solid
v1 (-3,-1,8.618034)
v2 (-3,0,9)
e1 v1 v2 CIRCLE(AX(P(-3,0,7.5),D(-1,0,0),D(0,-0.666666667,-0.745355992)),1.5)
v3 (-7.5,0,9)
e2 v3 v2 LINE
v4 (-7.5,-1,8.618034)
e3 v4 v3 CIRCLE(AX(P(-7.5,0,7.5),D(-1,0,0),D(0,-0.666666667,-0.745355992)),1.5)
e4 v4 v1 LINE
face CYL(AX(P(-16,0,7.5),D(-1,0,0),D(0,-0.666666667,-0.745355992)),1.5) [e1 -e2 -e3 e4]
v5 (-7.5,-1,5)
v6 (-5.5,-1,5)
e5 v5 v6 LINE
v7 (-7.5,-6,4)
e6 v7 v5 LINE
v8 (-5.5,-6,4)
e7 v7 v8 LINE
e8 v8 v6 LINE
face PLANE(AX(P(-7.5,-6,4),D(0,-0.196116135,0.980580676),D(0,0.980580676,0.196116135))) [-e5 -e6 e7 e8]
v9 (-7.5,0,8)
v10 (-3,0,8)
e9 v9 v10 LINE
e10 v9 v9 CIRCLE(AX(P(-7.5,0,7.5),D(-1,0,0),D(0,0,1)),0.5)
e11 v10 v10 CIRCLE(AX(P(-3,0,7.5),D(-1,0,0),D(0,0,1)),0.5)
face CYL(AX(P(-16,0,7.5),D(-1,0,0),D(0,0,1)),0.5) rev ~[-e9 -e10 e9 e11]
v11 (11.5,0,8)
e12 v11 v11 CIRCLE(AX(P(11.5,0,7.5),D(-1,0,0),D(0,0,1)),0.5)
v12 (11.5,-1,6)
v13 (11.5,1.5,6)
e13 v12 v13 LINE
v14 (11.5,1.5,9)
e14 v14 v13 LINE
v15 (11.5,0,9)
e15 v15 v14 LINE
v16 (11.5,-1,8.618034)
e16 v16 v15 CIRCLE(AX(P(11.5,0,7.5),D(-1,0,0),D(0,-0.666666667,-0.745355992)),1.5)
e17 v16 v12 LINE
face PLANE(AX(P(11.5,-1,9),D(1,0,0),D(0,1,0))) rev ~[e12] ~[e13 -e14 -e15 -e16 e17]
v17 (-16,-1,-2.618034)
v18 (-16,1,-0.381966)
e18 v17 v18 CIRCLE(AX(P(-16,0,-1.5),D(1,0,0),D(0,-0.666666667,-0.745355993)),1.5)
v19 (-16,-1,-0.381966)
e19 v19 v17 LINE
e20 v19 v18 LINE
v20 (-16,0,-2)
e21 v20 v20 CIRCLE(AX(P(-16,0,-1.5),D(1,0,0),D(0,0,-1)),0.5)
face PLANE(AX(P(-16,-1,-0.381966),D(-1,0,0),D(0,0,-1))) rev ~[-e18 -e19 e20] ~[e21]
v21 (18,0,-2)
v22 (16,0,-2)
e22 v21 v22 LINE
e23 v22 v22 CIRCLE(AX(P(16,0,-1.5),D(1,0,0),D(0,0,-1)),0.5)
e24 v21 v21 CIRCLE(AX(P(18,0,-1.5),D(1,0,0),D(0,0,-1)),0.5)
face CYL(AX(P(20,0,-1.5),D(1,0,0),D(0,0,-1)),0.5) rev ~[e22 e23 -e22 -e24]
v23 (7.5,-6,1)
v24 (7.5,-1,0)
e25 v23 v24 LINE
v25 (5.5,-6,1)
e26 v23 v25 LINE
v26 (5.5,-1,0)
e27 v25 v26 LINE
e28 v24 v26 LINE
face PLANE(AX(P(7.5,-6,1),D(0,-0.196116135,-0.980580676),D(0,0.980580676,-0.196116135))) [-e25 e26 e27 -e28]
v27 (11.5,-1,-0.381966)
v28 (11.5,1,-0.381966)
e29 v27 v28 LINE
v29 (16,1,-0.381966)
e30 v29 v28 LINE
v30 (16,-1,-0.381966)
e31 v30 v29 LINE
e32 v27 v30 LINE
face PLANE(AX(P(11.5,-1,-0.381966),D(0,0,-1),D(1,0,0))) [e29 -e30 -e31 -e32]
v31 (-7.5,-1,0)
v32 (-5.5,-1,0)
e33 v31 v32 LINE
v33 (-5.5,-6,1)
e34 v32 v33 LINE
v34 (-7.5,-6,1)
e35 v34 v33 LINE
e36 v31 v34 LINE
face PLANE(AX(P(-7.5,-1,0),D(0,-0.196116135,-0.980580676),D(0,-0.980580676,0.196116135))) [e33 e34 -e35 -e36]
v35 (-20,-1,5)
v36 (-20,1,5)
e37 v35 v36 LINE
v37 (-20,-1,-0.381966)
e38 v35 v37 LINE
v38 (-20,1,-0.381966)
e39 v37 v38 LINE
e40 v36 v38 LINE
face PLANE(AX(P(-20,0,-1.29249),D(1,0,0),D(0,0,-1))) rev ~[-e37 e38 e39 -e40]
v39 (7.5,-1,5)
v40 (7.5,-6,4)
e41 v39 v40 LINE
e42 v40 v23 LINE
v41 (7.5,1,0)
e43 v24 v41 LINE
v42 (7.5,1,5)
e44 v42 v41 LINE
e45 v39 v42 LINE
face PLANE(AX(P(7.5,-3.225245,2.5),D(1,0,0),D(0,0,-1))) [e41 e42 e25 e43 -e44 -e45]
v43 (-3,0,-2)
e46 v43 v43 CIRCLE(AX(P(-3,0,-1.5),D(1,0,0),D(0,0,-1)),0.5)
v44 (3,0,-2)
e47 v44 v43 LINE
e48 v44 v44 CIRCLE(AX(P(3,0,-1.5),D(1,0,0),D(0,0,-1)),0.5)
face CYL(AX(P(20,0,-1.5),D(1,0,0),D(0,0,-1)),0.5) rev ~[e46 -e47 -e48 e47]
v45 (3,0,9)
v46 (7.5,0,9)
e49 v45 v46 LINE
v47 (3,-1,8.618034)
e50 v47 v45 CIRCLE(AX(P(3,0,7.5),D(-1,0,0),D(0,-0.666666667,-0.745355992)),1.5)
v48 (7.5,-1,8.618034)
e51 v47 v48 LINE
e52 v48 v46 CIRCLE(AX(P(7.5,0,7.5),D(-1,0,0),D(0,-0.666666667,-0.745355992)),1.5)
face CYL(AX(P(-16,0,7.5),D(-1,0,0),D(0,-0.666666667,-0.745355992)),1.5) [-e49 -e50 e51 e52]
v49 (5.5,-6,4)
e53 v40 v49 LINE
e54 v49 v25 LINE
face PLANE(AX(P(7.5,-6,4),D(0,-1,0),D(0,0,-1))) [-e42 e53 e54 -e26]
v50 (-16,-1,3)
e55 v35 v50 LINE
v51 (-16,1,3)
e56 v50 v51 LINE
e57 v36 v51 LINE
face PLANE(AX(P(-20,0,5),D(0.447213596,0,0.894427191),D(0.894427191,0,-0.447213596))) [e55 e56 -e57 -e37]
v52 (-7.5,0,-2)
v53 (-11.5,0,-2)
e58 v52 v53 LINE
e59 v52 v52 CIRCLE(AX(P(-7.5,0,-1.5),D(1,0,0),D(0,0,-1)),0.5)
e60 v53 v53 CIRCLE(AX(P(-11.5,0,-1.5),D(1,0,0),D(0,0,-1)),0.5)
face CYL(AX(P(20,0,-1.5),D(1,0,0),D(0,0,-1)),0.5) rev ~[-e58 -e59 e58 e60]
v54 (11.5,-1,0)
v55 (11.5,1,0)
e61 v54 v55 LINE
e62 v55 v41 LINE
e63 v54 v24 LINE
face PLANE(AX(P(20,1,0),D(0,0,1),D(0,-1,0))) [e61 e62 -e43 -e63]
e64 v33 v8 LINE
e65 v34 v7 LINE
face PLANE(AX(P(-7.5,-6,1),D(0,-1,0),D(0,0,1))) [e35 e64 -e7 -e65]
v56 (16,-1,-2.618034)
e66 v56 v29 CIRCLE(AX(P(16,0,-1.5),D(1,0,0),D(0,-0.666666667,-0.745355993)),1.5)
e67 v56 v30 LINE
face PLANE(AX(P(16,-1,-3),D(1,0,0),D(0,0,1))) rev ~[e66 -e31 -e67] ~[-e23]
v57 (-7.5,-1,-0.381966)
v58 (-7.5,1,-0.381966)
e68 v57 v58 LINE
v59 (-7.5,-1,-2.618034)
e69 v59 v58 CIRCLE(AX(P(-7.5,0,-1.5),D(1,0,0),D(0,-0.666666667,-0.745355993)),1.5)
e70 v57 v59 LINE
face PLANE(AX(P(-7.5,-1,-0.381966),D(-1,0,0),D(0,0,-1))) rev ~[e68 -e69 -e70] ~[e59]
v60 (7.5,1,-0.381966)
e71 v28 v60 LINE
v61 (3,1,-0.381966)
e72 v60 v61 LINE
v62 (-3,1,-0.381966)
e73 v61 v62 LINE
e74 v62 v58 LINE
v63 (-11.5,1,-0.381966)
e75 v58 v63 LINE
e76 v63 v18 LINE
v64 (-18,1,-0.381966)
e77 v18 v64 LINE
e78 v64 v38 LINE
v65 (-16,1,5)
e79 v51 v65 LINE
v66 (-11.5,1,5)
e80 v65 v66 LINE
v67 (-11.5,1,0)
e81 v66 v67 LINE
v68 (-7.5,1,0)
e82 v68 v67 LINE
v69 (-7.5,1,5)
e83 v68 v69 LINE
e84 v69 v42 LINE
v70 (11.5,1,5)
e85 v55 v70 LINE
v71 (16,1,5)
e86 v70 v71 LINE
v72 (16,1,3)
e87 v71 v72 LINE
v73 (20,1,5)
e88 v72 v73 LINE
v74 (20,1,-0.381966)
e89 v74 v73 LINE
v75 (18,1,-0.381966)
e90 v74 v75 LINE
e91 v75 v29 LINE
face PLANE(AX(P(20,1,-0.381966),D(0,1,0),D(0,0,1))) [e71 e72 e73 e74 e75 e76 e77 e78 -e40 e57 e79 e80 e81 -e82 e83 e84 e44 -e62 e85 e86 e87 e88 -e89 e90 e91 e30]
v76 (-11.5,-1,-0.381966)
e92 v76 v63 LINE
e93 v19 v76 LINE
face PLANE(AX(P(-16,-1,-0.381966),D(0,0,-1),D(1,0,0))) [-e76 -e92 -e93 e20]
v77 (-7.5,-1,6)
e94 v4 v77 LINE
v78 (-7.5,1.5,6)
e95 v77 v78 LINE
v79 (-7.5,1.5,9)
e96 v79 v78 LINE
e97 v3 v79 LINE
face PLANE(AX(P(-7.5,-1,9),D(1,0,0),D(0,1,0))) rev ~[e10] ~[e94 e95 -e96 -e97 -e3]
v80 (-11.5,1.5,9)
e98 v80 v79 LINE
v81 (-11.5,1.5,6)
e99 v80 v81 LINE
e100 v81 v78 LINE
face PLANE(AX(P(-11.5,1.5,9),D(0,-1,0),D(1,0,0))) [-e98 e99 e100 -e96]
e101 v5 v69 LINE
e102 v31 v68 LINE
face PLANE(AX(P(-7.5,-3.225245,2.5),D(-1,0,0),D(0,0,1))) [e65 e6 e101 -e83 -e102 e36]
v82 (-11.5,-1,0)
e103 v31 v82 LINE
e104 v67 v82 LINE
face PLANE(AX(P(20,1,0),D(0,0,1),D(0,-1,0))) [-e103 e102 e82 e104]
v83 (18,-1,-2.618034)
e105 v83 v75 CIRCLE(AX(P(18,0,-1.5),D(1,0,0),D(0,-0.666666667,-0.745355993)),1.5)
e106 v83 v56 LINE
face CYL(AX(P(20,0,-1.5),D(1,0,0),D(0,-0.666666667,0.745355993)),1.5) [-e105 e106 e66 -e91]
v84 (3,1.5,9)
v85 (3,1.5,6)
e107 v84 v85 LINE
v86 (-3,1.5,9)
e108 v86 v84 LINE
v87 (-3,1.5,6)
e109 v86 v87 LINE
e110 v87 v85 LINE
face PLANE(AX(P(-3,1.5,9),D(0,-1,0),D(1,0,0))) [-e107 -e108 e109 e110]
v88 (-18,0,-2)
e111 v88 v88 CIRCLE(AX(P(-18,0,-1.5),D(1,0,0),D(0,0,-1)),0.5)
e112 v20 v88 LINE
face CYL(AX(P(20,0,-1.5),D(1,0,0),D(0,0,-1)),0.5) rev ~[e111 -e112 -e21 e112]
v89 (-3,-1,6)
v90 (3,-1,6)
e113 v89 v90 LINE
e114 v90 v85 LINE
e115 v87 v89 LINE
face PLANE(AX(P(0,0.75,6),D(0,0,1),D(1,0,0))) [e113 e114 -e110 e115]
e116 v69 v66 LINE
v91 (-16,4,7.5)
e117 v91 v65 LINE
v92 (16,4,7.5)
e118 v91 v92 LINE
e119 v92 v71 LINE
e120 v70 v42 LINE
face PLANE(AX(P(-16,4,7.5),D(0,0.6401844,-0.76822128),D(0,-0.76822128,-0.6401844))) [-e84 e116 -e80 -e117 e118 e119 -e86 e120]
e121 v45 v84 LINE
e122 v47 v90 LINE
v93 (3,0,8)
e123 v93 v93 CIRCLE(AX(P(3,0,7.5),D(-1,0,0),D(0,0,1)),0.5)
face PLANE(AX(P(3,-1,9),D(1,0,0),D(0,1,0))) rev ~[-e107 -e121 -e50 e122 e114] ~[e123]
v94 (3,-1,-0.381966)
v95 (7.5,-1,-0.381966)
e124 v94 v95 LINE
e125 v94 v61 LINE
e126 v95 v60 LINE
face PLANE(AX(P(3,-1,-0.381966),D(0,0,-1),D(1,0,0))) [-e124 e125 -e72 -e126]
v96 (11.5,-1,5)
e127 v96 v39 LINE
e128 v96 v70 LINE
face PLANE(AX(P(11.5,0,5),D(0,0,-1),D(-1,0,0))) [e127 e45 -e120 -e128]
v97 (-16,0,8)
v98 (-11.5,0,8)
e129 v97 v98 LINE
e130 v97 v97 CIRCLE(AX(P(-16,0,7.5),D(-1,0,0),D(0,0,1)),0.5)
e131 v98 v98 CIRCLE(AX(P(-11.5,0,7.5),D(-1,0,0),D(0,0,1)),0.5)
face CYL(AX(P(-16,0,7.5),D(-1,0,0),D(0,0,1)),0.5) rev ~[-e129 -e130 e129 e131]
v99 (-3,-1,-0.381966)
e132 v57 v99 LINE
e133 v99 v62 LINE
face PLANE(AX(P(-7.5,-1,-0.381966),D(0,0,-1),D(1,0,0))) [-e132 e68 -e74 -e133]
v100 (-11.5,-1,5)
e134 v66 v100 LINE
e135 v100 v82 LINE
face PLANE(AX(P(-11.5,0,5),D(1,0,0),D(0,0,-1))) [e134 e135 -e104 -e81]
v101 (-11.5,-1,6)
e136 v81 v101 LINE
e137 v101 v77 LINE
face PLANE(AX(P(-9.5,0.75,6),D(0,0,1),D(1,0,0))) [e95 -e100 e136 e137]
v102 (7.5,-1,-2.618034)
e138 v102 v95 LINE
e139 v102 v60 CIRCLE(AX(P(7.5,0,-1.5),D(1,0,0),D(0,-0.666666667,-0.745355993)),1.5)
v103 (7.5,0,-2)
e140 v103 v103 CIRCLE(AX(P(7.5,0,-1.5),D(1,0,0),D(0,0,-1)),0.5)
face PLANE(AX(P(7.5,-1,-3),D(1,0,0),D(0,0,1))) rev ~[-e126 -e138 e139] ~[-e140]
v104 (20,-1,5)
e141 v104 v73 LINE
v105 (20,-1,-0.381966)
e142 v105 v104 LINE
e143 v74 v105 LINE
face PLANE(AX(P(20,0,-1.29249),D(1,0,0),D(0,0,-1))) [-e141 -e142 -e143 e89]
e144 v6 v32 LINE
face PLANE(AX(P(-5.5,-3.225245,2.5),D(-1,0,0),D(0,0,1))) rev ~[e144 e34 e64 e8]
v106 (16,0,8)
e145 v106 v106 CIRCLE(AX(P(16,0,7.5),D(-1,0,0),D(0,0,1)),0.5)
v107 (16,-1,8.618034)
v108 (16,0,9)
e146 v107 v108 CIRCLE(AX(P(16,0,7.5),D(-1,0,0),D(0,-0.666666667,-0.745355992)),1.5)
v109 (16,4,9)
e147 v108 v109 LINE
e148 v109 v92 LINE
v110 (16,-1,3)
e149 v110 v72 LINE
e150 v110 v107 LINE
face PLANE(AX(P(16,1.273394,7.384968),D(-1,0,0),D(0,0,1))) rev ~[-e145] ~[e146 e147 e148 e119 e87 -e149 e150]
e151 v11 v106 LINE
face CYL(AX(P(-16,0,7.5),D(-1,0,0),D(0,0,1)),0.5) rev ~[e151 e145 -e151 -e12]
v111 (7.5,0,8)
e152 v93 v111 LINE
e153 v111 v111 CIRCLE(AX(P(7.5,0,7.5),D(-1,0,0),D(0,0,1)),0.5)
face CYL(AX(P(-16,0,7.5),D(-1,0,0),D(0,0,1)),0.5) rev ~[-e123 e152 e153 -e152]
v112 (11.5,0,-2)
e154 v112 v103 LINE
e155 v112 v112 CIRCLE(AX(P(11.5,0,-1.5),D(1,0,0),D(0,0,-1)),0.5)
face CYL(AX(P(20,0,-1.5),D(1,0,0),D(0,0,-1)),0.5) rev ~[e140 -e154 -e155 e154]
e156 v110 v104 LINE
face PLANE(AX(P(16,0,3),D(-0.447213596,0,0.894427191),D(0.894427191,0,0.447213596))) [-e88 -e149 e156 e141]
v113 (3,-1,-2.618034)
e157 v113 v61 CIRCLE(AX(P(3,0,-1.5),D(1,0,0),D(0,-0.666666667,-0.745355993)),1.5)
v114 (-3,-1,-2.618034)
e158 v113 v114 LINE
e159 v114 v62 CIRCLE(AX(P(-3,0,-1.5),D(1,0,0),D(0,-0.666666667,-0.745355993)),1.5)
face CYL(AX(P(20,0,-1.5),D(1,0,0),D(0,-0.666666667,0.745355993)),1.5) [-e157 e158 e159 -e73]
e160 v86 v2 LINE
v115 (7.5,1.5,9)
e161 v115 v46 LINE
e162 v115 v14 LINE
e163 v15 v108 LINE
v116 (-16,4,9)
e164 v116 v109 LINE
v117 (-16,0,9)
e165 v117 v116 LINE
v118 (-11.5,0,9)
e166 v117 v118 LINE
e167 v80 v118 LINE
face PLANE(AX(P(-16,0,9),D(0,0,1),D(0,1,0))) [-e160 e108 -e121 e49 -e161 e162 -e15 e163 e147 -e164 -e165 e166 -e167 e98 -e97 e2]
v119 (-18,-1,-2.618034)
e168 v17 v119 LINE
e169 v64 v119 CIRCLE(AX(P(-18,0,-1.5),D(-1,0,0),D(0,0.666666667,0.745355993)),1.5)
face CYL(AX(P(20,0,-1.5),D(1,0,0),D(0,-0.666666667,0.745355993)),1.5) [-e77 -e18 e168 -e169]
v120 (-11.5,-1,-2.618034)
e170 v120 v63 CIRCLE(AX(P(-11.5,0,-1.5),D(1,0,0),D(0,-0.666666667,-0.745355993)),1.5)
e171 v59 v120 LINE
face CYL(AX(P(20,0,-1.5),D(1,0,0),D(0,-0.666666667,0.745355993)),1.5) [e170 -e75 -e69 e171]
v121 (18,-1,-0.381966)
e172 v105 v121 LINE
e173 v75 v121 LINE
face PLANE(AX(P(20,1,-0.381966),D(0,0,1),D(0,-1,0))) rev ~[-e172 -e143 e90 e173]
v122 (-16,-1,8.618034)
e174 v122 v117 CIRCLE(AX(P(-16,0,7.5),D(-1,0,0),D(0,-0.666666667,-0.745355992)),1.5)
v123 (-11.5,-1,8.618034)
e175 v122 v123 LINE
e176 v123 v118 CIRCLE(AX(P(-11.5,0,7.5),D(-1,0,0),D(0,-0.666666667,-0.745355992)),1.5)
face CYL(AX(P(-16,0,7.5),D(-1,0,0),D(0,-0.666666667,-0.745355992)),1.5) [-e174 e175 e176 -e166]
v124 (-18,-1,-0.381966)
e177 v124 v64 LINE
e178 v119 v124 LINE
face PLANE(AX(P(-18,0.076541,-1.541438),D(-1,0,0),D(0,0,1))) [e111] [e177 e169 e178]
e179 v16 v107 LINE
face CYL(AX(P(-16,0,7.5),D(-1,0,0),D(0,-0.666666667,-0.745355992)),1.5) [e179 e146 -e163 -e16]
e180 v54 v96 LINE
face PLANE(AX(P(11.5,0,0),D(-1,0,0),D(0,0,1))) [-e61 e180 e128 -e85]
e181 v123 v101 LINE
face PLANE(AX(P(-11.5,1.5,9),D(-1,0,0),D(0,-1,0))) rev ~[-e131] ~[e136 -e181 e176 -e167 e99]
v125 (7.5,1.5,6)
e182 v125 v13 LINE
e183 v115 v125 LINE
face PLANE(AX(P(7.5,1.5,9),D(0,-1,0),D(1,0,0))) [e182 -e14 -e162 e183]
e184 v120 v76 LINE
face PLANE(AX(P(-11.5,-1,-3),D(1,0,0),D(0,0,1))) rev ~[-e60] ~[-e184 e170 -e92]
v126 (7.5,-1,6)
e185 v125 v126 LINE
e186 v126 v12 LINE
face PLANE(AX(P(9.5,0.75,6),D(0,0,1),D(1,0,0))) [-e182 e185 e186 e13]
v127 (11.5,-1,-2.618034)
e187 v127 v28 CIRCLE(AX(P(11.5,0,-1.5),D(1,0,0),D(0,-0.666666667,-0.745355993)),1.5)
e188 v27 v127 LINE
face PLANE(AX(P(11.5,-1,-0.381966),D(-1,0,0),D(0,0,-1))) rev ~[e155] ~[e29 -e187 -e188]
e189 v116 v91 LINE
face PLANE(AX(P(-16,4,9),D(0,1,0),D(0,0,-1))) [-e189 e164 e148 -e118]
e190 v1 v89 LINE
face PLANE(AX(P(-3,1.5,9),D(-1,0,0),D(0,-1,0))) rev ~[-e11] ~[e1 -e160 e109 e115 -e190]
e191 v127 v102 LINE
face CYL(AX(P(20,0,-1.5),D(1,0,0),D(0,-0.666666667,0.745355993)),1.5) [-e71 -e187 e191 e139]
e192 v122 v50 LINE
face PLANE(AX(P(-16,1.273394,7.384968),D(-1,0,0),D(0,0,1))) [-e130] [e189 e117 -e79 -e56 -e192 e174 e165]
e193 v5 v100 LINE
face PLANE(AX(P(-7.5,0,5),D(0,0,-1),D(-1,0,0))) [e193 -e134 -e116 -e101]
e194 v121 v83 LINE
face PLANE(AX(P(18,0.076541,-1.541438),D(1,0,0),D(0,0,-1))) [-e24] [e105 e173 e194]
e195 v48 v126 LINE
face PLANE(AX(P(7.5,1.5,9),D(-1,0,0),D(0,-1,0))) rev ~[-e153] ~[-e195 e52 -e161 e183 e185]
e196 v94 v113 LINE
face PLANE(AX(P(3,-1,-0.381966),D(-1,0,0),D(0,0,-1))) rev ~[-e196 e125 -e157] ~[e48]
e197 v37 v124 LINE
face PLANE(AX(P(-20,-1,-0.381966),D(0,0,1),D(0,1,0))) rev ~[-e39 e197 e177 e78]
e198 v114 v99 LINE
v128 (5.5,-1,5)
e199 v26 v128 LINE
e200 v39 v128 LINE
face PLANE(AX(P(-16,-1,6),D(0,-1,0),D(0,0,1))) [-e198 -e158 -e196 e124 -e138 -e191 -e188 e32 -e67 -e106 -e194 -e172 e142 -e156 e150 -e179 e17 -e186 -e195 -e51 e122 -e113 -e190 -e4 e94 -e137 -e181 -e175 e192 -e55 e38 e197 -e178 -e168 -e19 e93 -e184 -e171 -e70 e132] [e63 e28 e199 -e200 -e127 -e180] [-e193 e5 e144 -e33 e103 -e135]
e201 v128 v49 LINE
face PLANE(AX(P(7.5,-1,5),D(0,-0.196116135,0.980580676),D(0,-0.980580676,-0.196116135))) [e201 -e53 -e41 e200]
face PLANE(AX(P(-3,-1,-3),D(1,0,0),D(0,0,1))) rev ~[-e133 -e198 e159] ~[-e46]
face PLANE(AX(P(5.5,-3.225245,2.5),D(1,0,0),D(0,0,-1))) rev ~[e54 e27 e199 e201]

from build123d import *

# Parameters (mm, degrees)
SALIENTE_EXTRUIR1_DEPTH      = 1
SALIENTE_EXTRUIR1_DEPTH_BACK = 1
CROQUIS2_R                   = 0.5
SALIENTE_EXTRUIR2_DEPTH      = 40
CORTAR_EXTRUIR1_DEPTH        = 40
CROQUIS6_R                   = 0.5
CORTAR_EXTRUIR2_DEPTH        = 2
CORTAR_EXTRUIR3_START        = -2
CROQUIS7_R                   = 0.5
CORTAR_EXTRUIR3_DEPTH        = 2
CROQUIS9_R                   = 0.5
SALIENTE_EXTRUIR3_DEPTH      = 32
CORTAR_EXTRUIR4_DEPTH        = 36
CROQUIS11_W                  = 4.5
CROQUIS11_H                  = 2.618033989
CORTAR_EXTRUIR5_DEPTH        = 36
CROQUIS14_W                  = 4
CROQUIS14_H                  = 2.5
CROQUIS14_W_2                = 6
CORTAR_EXTRUIR6_DEPTH        = 3
SALIENTE_EXTRUIR4_DEPTH      = 2
SALIENTE_EXTRUIR5_DEPTH      = 2


with BuildPart() as part:
    # Croquis1 → Saliente-Extruir1 (new, two sides: drawn at the far end of the back side and taken through both)
    with BuildSketch(Plane(origin=(0, 0, 0), x_dir=(1, 0, 0), z_dir=(0, 1, 0)).offset(-SALIENTE_EXTRUIR1_DEPTH_BACK)):
        Polygon((-20, 0), (-20, -5), (-16, -3), (-16, -6), (16, -6), (16, -3), (20, -5), (20, 0), (11.5, 0), (11.5, -5), (7.5, -5), (7.5, 0), (-7.5, 0), (-7.5, -5), (-11.5, -5), (-11.5, 0), align=None)
    extrude(amount=SALIENTE_EXTRUIR1_DEPTH + SALIENTE_EXTRUIR1_DEPTH_BACK)

    # Croquis2 → Saliente-Extruir2 (add)
    with BuildSketch(Plane(origin=(20, 0, 0), x_dir=(0, 0, -1), z_dir=(1, 0, 0))):
        with BuildLine():
            Line((0, -1), (0.381966011, -1))
            ThreePointArc((0.381966011, -1), (3, 0), (0.381966011, 1))
            Line((0.381966011, 1), (0, 1))
            Line((0, 1), (0, 0))
            Line((0, 0), (0, -1))
        make_face()
        with Locations((1.5, 0)):
            Circle(CROQUIS2_R, mode=Mode.SUBTRACT)
    extrude(amount=-SALIENTE_EXTRUIR2_DEPTH)

    # Croquis5 → Cortar-Extruir1 (cut)
    with BuildSketch(Plane(origin=(20, 0, 0), x_dir=(0, 0, -1), z_dir=(1, 0, 0))):
        with BuildLine():
            Line((2.618033989, -1), (0.381966011, -1))
            ThreePointArc((0.381966011, -1), (1.5, -1.5), (2.618033989, -1))
        make_face()
    extrude(amount=-CORTAR_EXTRUIR1_DEPTH, mode=Mode.SUBTRACT)

    # Croquis6 → Cortar-Extruir2 (cut)
    with BuildSketch(Plane(origin=(20, 0, 0), x_dir=(0, 0, -1), z_dir=(1, 0, 0))):
        with BuildLine():
            ThreePointArc((2.618033989, -1), (2.5, 1.118033989), (0.381966011, 1))
            Line((0.381966011, 1), (0.381966011, -1))
            Line((0.381966011, -1), (2.618033989, -1))
        make_face()
        with Locations((1.5, 0)):
            Circle(CROQUIS6_R, mode=Mode.SUBTRACT)
    extrude(amount=-CORTAR_EXTRUIR2_DEPTH, mode=Mode.SUBTRACT)

    # Croquis7 → Cortar-Extruir3 (cut)
    with BuildSketch(Plane.ZY.offset(20).offset(CORTAR_EXTRUIR3_START)):
        with BuildLine():
            Line((-0.381966011, -1), (-0.381966011, 1))
            ThreePointArc((-0.381966011, 1), (-2.5, 1.118033989), (-2.618033989, -1))
            Line((-2.618033989, -1), (-0.381966011, -1))
        make_face()
        with Locations((-1.5, 0)):
            Circle(CROQUIS7_R, mode=Mode.SUBTRACT)
    extrude(amount=CORTAR_EXTRUIR3_DEPTH, mode=Mode.SUBTRACT)

    # Croquis9 → Saliente-Extruir3 (add)
    with BuildSketch(Plane.ZY.offset(16)):
        with BuildLine():
            Line((6, -1), (6.381966011, -1))
            ThreePointArc((6.381966011, -1), (8.035233135, -1.401258538), (9, 0))
            Line((9, 0), (9, 4))
            Line((9, 4), (7.5, 4))
            Line((7.5, 4), (5, 1))
            Line((5, 1), (6, 1))
            Line((6, 1), (6, 0))
            Line((6, 0), (6, -1))
        make_face()
        with Locations((7.5, 0)):
            Circle(CROQUIS9_R, mode=Mode.SUBTRACT)
    extrude(amount=-SALIENTE_EXTRUIR3_DEPTH)

    # Croquis10 → Cortar-Extruir4 (cut)
    with BuildSketch(Plane.ZY.offset(16)):
        with BuildLine():
            Line((8.618033989, -1), (6.381966011, -1))
            ThreePointArc((6.381966011, -1), (7.5, -1.5), (8.618033989, -1))
        make_face()
    extrude(amount=-CORTAR_EXTRUIR4_DEPTH, mode=Mode.SUBTRACT)

    # Croquis11 → Cortar-Extruir5 (cut)
    with BuildSketch(Plane.XZ.offset(1)):
        with Locations((-13.75, -1.690983006)):
            Rectangle(CROQUIS11_W, CROQUIS11_H)
        with Locations((5.25, -1.690983006)):
            Rectangle(CROQUIS11_W, CROQUIS11_H)
        with Locations((-5.25, -1.690983006)):
            Rectangle(CROQUIS11_W, CROQUIS11_H)
        with Locations((13.75, -1.690983006)):
            Rectangle(CROQUIS11_W, CROQUIS11_H)
    extrude(amount=-CORTAR_EXTRUIR5_DEPTH, mode=Mode.SUBTRACT)

    # Croquis14 → Cortar-Extruir6 (cut)
    with BuildSketch(Plane.XY.offset(9)):
        with Locations((9.5, 0.25)):
            Rectangle(CROQUIS14_W, CROQUIS14_H)
        with Locations((0, 0.25)):
            Rectangle(CROQUIS14_W_2, CROQUIS14_H)
        with Locations((-9.5, 0.25)):
            Rectangle(CROQUIS14_W, CROQUIS14_H)
    extrude(amount=-CORTAR_EXTRUIR6_DEPTH, mode=Mode.SUBTRACT)

    # Croquis15 → Saliente-Extruir4 (add)
    with BuildSketch(Plane.ZY.offset(7.5)):
        Polygon((5, -1), (0, -1), (1, -6), (4, -6), align=None)
    extrude(amount=-SALIENTE_EXTRUIR4_DEPTH)

    # Croquis16 → Saliente-Extruir5 (add)
    with BuildSketch(Plane(origin=(7.5, 0, 0), x_dir=(0, 0, -1), z_dir=(1, 0, 0))):
        Polygon((0, -1), (-5, -1), (-4, -6), (-1, -6), align=None)
    extrude(amount=-SALIENTE_EXTRUIR5_DEPTH)


solid = part.part
